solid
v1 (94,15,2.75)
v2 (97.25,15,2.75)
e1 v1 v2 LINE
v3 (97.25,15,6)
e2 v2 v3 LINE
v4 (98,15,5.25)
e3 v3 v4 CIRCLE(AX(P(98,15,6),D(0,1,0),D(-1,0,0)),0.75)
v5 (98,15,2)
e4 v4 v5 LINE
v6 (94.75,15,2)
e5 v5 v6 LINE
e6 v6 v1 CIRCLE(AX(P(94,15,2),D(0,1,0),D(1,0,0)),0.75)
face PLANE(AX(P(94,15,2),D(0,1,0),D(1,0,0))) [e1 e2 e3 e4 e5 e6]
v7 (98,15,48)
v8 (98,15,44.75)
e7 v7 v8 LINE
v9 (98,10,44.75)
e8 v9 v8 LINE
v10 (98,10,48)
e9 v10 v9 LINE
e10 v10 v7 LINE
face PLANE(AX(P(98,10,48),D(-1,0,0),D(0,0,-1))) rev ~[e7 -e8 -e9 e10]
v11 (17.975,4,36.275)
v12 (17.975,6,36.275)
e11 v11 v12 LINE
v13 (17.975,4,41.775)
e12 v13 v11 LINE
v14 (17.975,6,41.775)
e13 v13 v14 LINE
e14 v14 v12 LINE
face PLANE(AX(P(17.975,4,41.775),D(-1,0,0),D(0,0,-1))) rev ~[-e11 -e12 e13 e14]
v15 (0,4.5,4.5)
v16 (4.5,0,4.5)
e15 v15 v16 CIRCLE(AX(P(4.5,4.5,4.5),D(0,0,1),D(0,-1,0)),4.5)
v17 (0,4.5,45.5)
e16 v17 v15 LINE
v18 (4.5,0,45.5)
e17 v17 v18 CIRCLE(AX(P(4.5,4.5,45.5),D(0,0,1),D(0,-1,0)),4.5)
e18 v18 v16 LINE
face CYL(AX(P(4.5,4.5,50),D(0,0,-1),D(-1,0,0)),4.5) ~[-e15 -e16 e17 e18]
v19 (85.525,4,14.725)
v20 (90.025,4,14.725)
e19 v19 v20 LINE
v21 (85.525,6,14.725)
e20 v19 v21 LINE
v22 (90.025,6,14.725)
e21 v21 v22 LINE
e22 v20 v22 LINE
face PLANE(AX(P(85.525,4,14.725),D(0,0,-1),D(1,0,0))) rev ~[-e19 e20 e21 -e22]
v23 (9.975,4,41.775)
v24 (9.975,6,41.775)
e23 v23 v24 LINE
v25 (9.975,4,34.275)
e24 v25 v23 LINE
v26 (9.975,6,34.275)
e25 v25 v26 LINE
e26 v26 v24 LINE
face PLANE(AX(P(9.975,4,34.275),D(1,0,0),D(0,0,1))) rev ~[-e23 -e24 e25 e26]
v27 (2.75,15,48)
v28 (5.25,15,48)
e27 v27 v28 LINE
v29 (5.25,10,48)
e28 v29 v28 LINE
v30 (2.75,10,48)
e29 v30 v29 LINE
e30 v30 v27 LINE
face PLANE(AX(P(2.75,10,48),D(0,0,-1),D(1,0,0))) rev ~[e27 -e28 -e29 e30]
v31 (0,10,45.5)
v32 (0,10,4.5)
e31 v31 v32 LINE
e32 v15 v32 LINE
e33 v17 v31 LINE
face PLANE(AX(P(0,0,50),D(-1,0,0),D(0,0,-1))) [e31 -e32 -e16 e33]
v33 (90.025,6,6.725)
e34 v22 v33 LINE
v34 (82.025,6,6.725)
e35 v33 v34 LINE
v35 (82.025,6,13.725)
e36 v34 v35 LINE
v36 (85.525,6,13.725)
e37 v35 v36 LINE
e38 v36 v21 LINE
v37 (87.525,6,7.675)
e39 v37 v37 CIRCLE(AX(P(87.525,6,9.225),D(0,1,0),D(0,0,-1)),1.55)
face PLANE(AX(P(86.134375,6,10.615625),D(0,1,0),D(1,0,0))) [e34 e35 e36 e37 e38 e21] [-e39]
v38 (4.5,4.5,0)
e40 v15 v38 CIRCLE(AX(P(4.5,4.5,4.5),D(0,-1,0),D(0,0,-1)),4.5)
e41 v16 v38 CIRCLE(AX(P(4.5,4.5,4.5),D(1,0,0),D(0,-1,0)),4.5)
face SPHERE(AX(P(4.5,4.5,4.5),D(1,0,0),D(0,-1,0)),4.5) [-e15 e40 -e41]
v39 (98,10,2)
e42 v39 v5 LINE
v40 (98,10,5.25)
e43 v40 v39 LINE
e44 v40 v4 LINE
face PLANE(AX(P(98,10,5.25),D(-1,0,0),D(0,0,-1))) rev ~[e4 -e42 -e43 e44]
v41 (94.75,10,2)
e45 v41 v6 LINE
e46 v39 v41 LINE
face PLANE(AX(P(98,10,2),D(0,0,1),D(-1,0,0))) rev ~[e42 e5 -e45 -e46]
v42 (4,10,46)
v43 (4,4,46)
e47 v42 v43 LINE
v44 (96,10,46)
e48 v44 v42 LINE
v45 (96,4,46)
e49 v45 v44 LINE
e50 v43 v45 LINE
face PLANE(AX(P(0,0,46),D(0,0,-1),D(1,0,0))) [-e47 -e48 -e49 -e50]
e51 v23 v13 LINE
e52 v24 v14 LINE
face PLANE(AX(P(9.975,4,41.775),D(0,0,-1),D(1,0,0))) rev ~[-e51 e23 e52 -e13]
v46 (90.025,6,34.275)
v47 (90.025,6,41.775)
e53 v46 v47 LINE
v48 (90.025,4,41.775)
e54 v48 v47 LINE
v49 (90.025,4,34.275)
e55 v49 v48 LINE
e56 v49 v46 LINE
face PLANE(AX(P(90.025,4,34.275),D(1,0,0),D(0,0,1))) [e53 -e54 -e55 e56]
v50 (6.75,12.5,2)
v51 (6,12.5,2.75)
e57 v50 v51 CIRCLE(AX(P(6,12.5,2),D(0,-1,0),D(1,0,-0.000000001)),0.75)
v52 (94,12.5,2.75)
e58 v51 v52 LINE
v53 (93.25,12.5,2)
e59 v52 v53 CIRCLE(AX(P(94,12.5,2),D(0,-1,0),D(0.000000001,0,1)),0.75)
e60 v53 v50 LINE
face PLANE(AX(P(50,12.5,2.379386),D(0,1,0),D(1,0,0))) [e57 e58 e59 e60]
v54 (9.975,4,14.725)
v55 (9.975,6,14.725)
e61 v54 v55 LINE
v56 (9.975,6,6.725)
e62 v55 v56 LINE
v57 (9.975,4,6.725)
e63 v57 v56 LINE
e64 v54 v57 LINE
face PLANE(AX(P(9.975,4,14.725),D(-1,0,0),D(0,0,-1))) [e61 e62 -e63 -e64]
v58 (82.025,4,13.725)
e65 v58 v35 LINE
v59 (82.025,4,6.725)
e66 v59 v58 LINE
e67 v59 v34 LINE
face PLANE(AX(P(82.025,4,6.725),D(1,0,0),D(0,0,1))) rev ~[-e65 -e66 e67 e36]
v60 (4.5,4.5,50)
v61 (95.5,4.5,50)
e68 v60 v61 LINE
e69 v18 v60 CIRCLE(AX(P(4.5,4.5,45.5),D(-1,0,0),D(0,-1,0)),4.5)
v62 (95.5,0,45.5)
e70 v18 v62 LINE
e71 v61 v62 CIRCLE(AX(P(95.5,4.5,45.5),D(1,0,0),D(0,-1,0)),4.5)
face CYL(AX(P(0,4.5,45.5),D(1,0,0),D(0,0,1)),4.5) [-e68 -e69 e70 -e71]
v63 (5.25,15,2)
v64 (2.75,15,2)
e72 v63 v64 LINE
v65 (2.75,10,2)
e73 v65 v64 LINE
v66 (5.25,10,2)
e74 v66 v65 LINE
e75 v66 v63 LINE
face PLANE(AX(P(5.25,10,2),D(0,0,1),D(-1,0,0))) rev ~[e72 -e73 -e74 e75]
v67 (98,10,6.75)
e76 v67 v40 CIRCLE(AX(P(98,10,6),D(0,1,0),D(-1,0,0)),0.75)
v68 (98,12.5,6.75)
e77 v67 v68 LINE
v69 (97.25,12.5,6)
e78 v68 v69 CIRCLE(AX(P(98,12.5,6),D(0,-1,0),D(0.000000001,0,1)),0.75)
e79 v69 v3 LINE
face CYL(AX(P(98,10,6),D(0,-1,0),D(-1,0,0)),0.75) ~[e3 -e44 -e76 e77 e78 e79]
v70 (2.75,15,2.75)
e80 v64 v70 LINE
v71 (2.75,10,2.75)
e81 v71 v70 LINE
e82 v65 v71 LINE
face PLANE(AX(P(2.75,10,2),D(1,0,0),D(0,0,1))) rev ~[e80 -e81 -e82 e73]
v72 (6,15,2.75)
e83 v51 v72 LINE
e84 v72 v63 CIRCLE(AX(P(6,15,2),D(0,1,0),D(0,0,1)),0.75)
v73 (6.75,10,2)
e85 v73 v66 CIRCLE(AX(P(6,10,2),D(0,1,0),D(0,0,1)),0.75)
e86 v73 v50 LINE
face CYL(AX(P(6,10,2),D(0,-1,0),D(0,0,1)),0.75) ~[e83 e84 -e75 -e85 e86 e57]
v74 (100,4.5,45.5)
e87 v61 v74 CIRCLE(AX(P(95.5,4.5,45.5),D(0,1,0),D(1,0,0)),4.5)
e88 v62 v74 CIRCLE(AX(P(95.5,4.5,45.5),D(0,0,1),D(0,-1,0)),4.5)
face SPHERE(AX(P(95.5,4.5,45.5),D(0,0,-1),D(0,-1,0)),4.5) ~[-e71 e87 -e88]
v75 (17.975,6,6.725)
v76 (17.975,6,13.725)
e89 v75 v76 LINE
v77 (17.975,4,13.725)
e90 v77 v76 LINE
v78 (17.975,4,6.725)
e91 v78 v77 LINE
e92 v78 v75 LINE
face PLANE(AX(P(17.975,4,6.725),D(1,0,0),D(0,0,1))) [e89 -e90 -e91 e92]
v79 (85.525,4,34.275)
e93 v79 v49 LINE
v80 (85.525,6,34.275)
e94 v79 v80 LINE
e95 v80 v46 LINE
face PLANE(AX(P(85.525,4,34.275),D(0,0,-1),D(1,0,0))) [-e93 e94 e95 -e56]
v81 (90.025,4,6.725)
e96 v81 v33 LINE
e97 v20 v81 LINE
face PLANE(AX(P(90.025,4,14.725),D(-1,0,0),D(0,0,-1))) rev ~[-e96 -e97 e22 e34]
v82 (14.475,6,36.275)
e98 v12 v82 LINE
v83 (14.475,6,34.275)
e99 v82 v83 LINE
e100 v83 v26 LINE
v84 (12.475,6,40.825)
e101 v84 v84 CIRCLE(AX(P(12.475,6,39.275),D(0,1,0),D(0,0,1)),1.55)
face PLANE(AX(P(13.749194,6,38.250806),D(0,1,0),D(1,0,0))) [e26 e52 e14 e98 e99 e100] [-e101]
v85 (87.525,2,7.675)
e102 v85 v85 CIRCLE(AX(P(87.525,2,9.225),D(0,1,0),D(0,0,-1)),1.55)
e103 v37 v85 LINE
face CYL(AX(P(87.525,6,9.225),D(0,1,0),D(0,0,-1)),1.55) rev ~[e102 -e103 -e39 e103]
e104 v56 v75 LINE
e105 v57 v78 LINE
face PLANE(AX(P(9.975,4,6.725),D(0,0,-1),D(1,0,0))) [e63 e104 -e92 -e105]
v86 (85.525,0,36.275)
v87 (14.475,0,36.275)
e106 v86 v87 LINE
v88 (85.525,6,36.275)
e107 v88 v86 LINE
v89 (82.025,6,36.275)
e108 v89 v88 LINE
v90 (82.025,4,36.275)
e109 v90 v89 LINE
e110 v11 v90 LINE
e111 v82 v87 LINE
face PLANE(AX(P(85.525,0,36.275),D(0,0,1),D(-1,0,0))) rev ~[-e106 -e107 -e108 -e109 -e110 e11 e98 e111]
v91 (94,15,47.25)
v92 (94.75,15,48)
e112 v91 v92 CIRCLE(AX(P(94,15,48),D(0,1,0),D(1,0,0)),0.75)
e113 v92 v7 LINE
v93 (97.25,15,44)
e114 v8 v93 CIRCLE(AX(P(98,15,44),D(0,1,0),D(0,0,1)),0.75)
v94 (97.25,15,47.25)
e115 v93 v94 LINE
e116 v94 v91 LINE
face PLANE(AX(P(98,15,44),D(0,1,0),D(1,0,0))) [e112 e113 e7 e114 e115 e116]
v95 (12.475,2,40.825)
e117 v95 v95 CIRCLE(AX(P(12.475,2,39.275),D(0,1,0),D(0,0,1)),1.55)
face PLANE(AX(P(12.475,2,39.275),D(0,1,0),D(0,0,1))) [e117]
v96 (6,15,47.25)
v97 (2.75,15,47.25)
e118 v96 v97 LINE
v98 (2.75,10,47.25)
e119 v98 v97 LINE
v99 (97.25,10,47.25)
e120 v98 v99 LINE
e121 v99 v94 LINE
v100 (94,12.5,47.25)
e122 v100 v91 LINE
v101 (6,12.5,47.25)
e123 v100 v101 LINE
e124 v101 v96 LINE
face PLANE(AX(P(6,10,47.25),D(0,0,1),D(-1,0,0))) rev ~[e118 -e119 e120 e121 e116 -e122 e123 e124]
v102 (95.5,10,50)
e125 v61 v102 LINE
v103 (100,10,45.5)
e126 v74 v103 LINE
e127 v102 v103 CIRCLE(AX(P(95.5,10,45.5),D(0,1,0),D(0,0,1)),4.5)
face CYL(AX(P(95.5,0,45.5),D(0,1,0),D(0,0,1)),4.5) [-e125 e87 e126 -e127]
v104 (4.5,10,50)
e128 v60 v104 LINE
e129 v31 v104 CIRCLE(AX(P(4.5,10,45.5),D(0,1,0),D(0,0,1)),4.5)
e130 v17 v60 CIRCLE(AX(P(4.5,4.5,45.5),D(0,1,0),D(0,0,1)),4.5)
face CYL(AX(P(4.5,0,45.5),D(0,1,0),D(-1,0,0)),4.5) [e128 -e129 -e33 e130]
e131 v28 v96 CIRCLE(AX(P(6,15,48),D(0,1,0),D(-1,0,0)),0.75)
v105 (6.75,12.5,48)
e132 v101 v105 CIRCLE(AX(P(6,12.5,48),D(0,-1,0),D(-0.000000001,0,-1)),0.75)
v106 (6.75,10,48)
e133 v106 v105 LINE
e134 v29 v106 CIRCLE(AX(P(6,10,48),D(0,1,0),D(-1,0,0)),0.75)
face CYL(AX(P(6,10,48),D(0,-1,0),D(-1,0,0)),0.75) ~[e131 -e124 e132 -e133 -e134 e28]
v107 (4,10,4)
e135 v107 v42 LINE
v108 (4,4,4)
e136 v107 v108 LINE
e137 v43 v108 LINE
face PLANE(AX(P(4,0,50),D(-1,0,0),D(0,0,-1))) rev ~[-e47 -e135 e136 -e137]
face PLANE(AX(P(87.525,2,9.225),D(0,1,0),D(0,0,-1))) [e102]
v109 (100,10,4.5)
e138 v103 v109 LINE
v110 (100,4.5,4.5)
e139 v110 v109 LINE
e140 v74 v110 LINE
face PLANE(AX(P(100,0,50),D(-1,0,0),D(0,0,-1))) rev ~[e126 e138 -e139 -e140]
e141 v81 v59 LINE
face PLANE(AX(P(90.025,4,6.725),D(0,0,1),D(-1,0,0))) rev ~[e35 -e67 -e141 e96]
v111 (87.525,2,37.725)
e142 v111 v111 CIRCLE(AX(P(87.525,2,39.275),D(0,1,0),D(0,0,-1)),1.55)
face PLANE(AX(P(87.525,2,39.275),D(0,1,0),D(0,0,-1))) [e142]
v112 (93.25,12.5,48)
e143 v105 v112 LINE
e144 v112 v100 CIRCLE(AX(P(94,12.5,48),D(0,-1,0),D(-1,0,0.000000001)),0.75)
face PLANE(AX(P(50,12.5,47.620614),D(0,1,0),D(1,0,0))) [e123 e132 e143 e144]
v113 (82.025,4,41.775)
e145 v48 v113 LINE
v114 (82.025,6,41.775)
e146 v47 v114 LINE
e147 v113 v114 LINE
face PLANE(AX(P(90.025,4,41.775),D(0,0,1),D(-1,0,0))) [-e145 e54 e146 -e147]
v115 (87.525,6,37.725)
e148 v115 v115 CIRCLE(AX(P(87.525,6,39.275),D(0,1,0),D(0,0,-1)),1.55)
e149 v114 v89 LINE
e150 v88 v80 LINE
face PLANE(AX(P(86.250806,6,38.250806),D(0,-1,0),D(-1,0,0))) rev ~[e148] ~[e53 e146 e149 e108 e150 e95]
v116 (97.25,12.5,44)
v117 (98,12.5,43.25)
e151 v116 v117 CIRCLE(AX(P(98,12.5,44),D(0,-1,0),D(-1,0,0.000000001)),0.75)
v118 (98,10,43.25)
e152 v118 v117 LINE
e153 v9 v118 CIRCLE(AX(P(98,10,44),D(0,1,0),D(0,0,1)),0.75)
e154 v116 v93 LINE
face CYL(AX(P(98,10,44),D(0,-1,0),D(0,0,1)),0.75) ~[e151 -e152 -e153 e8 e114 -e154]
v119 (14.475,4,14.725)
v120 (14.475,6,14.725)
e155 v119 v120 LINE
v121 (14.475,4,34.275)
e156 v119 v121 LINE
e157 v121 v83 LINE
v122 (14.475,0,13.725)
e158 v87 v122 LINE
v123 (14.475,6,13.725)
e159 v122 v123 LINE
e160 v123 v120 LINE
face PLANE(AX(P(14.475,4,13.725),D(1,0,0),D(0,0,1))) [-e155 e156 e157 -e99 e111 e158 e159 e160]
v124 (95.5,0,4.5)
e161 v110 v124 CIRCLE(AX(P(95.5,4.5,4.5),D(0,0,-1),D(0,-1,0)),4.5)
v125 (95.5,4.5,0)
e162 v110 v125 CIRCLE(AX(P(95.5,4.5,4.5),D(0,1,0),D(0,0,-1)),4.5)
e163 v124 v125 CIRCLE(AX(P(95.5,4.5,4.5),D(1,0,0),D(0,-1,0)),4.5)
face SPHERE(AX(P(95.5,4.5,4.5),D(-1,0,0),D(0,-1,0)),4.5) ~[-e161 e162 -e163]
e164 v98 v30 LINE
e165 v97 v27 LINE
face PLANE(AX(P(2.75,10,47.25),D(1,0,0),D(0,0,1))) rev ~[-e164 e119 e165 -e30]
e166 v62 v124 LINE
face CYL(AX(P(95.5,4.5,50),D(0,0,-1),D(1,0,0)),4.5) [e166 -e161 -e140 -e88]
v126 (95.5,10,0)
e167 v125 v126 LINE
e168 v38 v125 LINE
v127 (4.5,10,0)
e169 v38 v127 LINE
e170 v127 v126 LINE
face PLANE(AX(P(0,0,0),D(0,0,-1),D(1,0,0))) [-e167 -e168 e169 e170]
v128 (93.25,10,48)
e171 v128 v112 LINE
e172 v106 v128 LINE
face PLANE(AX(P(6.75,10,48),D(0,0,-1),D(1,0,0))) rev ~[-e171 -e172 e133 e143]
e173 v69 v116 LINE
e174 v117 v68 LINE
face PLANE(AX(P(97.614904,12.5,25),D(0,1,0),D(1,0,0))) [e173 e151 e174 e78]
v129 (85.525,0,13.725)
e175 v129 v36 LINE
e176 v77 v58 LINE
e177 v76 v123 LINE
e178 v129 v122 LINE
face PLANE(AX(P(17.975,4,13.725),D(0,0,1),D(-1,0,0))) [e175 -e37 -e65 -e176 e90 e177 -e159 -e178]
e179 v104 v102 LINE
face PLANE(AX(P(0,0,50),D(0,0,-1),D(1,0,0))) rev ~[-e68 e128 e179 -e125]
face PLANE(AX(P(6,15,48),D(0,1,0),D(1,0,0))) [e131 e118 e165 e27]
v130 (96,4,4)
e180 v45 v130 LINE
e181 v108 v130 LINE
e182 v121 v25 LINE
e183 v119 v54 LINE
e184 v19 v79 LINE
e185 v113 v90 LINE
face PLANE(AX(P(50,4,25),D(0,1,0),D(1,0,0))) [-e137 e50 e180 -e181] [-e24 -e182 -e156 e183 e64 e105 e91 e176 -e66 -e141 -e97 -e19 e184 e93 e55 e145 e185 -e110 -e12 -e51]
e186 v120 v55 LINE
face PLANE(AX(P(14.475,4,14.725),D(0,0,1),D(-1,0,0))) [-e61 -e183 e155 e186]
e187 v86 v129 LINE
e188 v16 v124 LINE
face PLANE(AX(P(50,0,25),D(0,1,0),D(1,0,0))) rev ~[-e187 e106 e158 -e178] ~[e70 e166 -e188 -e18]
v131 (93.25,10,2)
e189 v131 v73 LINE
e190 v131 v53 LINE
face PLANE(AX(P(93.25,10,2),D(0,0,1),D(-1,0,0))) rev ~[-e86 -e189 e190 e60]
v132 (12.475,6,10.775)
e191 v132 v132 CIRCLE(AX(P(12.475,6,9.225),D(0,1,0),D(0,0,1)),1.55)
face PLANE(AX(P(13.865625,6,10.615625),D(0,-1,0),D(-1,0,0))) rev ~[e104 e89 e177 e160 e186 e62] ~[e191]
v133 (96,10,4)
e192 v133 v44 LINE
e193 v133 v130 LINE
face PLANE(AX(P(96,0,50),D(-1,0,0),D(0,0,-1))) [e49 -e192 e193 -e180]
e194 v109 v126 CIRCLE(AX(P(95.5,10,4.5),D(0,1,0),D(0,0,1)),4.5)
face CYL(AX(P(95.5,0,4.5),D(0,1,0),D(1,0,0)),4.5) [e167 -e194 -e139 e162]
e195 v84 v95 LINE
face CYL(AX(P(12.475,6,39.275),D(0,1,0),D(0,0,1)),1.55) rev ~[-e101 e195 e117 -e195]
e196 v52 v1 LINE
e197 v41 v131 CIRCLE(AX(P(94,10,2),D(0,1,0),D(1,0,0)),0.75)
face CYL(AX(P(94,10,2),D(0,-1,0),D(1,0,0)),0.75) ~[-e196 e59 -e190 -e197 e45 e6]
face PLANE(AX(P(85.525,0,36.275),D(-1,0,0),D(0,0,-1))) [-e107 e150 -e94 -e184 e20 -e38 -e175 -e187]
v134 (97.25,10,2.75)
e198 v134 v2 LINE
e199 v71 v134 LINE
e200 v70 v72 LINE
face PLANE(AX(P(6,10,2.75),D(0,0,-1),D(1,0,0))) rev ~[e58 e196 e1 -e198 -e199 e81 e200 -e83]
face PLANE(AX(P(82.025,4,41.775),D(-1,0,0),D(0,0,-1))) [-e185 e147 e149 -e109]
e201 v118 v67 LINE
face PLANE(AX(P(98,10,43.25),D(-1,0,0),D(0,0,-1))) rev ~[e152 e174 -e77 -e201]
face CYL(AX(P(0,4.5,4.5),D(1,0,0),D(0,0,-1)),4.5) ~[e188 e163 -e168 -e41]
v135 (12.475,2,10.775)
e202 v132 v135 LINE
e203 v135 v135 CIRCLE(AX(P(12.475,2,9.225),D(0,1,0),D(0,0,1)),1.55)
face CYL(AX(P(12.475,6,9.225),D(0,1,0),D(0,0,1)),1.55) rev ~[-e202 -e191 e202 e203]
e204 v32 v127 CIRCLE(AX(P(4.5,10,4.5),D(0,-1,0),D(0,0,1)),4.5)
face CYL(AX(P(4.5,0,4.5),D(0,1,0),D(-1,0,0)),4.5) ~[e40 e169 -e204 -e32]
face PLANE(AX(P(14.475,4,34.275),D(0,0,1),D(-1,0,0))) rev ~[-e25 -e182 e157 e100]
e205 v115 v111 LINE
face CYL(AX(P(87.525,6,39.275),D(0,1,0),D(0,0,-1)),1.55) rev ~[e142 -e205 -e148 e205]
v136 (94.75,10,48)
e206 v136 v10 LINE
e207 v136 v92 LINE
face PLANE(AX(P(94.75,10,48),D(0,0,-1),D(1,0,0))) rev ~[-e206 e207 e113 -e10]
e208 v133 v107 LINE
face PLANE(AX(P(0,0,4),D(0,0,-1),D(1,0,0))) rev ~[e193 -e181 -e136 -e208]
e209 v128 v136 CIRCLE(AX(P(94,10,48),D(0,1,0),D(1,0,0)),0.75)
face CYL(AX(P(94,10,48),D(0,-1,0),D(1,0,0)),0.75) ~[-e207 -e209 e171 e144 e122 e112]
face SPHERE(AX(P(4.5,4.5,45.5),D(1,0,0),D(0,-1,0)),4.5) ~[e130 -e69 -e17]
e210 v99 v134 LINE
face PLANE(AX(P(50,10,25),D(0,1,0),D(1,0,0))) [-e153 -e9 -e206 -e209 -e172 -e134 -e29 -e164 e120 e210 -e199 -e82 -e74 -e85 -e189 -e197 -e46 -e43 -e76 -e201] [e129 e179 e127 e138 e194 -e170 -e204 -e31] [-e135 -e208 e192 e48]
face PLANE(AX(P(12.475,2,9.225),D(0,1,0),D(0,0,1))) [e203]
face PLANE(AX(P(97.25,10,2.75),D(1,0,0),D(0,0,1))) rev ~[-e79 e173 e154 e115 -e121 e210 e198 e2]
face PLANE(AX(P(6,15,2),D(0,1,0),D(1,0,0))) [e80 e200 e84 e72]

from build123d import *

# Parameters (mm, degrees)
SKETCH_1_W          = 100
SKETCH_1_H          = 50
EXTRUDE_1_DEPTH     = 10
SHELL_1_T           = -4
FILLET_1_R          = 4.5
SKETCH_2_W          = 71.05
SKETCH_2_H          = 22.55
CUT_EXTRUDE_1_DEPTH = 4.5
EXTRUDE_3_DEPTH     = 2
SKETCH_7_R          = 1.55
CUT_EXTRUDE_2_DEPTH = 4
EXTRUDE_5_DEPTH     = 5
EXTRUDE_6_DEPTH     = 2.5


with BuildPart() as part:
    # Эскиз1 → Бобышка-Вытянуть1 (new body)
    with BuildSketch(Plane(origin=(0, 0, 0), x_dir=(1, 0, 0), z_dir=(0, 1, 0))):
        with Locations((50, -25)):
            Rectangle(SKETCH_1_W, SKETCH_1_H)
    extrude(amount=EXTRUDE_1_DEPTH)

    # Оболочка1
    shell_1_openings = [part.faces().sort_by_distance(p)[0] for p in [
        (50, 10, 25),
    ]]
    offset(amount=SHELL_1_T, openings=shell_1_openings, kind=Kind.INTERSECTION)

    # Скругление1
    fillet_1_edges = [part.edges().sort_by_distance(p)[0] for p in [
        (50, 0, 50),
        (100, 0, 25),
        (50, 0, 0),
        (0, 0, 25),
        (100, 5, 0),
        (100, 5, 50),
        (0, 5, 0),
        (0, 5, 50),
    ]]
    fillet(fillet_1_edges, radius=FILLET_1_R)

    # Эскиз2 → Вырез-Вытянуть1 (cut)
    with BuildSketch(Plane(origin=(0, 0, 0), x_dir=(-1, 0, 0), z_dir=(0, -1, 0))):
        with Locations((-50, -25)):
            Rectangle(SKETCH_2_W, SKETCH_2_H)
    extrude(amount=-CUT_EXTRUDE_1_DEPTH, mode=Mode.SUBTRACT)

    # Эскиз6 → Бобышка-Вытянуть3 (add)
    with BuildSketch(Plane(origin=(0, 4, 0), x_dir=(1, 0, 0), z_dir=(0, 1, 0))):
        Polygon((14.475, -13.725), (14.475, -14.725), (9.975, -14.725), (9.975, -6.725), (17.975, -6.725), (17.975, -13.725), align=None)
        Polygon((14.475, -36.275), (14.475, -34.275), (9.975, -34.275), (9.975, -41.775), (17.975, -41.775), (17.975, -36.275), align=None)
        Polygon((90.025, -41.775), (82.025, -41.775), (82.025, -36.275), (85.525, -36.275), (85.525, -34.275), (90.025, -34.275), align=None)
        Polygon((82.025, -6.725), (82.025, -13.725), (85.525, -13.725), (85.525, -14.725), (90.025, -14.725), (90.025, -6.725), align=None)
    extrude(amount=EXTRUDE_3_DEPTH)

    # Эскиз7 → Вырез-Вытянуть2 (cut)
    with BuildSketch(Plane(origin=(0, 6, 0), x_dir=(1, 0, 0), z_dir=(0, 1, 0))):
        with Locations((12.475, -9.225)):
            Circle(SKETCH_7_R)
        with Locations((87.525, -9.225)):
            Circle(SKETCH_7_R)
        with Locations((12.475, -39.275)):
            Circle(SKETCH_7_R)
        with Locations((87.525, -39.275)):
            Circle(SKETCH_7_R)
    extrude(amount=-CUT_EXTRUDE_2_DEPTH, mode=Mode.SUBTRACT)

    # Эскиз8 → Бобышка-Вытянуть5 (add)
    with BuildSketch(Plane(origin=(0, 10, 0), x_dir=(1, 0, 0), z_dir=(0, 1, 0))):
        with BuildLine():
            Line((5.25, -2), (2.75, -2))
            Line((2.75, -2), (2.75, -2.75))
            Line((2.75, -2.75), (6, -2.75))
            ThreePointArc((6, -2.75), (6.530330086, -1.469669914), (5.25, -2))
        make_face()
        with BuildLine():
            Line((6, -47.25), (2.75, -47.25))
            Line((2.75, -47.25), (2.75, -48))
            Line((2.75, -48), (5.25, -48))
            ThreePointArc((5.25, -48), (6.530330086, -48.530330086), (6, -47.25))
        make_face()
        with BuildLine():
            Line((98, -2), (94.75, -2))
            ThreePointArc((94.75, -2), (93.469669914, -1.469669914), (94, -2.75))
            Line((94, -2.75), (97.25, -2.75))
            Line((97.25, -2.75), (97.25, -6))
            ThreePointArc((97.25, -6), (98.530330086, -6.530330086), (98, -5.25))
            Line((98, -5.25), (98, -2))
        make_face()
        with BuildLine():
            Line((97.25, -47.25), (94, -47.25))
            ThreePointArc((94, -47.25), (93.469669914, -48.530330086), (94.75, -48))
            Line((94.75, -48), (98, -48))
            Line((98, -48), (98, -44.75))
            ThreePointArc((98, -44.75), (98.530330086, -43.469669914), (97.25, -44))
            Line((97.25, -44), (97.25, -47.25))
        make_face()
    extrude(amount=EXTRUDE_5_DEPTH)

    # Эскиз8<4> → Бобышка-Вытянуть6 (add)
    with BuildSketch(Plane(origin=(0, 10, 0), x_dir=(1, 0, 0), z_dir=(0, 1, 0))):
        with BuildLine():
            ThreePointArc((6.75, -2), (6.530330086, -2.530330086), (6, -2.75))
            Line((6, -2.75), (94, -2.75))
            ThreePointArc((94, -2.75), (93.469669914, -2.530330086), (93.25, -2))
            Line((93.25, -2), (6.75, -2))
        make_face()
        with BuildLine():
            Line((94, -47.25), (6, -47.25))
            ThreePointArc((6, -47.25), (6.530330086, -47.469669914), (6.75, -48))
            Line((6.75, -48), (93.25, -48))
            ThreePointArc((93.25, -48), (93.469669914, -47.469669914), (94, -47.25))
        make_face()
        with BuildLine():
            ThreePointArc((98, -6.75), (97.469669914, -6.530330086), (97.25, -6))
            Line((97.25, -6), (97.25, -44))
            ThreePointArc((97.25, -44), (97.469669914, -43.469669914), (98, -43.25))
            Line((98, -43.25), (98, -6.75))
        make_face()
    extrude(amount=EXTRUDE_6_DEPTH)


solid = part.part
